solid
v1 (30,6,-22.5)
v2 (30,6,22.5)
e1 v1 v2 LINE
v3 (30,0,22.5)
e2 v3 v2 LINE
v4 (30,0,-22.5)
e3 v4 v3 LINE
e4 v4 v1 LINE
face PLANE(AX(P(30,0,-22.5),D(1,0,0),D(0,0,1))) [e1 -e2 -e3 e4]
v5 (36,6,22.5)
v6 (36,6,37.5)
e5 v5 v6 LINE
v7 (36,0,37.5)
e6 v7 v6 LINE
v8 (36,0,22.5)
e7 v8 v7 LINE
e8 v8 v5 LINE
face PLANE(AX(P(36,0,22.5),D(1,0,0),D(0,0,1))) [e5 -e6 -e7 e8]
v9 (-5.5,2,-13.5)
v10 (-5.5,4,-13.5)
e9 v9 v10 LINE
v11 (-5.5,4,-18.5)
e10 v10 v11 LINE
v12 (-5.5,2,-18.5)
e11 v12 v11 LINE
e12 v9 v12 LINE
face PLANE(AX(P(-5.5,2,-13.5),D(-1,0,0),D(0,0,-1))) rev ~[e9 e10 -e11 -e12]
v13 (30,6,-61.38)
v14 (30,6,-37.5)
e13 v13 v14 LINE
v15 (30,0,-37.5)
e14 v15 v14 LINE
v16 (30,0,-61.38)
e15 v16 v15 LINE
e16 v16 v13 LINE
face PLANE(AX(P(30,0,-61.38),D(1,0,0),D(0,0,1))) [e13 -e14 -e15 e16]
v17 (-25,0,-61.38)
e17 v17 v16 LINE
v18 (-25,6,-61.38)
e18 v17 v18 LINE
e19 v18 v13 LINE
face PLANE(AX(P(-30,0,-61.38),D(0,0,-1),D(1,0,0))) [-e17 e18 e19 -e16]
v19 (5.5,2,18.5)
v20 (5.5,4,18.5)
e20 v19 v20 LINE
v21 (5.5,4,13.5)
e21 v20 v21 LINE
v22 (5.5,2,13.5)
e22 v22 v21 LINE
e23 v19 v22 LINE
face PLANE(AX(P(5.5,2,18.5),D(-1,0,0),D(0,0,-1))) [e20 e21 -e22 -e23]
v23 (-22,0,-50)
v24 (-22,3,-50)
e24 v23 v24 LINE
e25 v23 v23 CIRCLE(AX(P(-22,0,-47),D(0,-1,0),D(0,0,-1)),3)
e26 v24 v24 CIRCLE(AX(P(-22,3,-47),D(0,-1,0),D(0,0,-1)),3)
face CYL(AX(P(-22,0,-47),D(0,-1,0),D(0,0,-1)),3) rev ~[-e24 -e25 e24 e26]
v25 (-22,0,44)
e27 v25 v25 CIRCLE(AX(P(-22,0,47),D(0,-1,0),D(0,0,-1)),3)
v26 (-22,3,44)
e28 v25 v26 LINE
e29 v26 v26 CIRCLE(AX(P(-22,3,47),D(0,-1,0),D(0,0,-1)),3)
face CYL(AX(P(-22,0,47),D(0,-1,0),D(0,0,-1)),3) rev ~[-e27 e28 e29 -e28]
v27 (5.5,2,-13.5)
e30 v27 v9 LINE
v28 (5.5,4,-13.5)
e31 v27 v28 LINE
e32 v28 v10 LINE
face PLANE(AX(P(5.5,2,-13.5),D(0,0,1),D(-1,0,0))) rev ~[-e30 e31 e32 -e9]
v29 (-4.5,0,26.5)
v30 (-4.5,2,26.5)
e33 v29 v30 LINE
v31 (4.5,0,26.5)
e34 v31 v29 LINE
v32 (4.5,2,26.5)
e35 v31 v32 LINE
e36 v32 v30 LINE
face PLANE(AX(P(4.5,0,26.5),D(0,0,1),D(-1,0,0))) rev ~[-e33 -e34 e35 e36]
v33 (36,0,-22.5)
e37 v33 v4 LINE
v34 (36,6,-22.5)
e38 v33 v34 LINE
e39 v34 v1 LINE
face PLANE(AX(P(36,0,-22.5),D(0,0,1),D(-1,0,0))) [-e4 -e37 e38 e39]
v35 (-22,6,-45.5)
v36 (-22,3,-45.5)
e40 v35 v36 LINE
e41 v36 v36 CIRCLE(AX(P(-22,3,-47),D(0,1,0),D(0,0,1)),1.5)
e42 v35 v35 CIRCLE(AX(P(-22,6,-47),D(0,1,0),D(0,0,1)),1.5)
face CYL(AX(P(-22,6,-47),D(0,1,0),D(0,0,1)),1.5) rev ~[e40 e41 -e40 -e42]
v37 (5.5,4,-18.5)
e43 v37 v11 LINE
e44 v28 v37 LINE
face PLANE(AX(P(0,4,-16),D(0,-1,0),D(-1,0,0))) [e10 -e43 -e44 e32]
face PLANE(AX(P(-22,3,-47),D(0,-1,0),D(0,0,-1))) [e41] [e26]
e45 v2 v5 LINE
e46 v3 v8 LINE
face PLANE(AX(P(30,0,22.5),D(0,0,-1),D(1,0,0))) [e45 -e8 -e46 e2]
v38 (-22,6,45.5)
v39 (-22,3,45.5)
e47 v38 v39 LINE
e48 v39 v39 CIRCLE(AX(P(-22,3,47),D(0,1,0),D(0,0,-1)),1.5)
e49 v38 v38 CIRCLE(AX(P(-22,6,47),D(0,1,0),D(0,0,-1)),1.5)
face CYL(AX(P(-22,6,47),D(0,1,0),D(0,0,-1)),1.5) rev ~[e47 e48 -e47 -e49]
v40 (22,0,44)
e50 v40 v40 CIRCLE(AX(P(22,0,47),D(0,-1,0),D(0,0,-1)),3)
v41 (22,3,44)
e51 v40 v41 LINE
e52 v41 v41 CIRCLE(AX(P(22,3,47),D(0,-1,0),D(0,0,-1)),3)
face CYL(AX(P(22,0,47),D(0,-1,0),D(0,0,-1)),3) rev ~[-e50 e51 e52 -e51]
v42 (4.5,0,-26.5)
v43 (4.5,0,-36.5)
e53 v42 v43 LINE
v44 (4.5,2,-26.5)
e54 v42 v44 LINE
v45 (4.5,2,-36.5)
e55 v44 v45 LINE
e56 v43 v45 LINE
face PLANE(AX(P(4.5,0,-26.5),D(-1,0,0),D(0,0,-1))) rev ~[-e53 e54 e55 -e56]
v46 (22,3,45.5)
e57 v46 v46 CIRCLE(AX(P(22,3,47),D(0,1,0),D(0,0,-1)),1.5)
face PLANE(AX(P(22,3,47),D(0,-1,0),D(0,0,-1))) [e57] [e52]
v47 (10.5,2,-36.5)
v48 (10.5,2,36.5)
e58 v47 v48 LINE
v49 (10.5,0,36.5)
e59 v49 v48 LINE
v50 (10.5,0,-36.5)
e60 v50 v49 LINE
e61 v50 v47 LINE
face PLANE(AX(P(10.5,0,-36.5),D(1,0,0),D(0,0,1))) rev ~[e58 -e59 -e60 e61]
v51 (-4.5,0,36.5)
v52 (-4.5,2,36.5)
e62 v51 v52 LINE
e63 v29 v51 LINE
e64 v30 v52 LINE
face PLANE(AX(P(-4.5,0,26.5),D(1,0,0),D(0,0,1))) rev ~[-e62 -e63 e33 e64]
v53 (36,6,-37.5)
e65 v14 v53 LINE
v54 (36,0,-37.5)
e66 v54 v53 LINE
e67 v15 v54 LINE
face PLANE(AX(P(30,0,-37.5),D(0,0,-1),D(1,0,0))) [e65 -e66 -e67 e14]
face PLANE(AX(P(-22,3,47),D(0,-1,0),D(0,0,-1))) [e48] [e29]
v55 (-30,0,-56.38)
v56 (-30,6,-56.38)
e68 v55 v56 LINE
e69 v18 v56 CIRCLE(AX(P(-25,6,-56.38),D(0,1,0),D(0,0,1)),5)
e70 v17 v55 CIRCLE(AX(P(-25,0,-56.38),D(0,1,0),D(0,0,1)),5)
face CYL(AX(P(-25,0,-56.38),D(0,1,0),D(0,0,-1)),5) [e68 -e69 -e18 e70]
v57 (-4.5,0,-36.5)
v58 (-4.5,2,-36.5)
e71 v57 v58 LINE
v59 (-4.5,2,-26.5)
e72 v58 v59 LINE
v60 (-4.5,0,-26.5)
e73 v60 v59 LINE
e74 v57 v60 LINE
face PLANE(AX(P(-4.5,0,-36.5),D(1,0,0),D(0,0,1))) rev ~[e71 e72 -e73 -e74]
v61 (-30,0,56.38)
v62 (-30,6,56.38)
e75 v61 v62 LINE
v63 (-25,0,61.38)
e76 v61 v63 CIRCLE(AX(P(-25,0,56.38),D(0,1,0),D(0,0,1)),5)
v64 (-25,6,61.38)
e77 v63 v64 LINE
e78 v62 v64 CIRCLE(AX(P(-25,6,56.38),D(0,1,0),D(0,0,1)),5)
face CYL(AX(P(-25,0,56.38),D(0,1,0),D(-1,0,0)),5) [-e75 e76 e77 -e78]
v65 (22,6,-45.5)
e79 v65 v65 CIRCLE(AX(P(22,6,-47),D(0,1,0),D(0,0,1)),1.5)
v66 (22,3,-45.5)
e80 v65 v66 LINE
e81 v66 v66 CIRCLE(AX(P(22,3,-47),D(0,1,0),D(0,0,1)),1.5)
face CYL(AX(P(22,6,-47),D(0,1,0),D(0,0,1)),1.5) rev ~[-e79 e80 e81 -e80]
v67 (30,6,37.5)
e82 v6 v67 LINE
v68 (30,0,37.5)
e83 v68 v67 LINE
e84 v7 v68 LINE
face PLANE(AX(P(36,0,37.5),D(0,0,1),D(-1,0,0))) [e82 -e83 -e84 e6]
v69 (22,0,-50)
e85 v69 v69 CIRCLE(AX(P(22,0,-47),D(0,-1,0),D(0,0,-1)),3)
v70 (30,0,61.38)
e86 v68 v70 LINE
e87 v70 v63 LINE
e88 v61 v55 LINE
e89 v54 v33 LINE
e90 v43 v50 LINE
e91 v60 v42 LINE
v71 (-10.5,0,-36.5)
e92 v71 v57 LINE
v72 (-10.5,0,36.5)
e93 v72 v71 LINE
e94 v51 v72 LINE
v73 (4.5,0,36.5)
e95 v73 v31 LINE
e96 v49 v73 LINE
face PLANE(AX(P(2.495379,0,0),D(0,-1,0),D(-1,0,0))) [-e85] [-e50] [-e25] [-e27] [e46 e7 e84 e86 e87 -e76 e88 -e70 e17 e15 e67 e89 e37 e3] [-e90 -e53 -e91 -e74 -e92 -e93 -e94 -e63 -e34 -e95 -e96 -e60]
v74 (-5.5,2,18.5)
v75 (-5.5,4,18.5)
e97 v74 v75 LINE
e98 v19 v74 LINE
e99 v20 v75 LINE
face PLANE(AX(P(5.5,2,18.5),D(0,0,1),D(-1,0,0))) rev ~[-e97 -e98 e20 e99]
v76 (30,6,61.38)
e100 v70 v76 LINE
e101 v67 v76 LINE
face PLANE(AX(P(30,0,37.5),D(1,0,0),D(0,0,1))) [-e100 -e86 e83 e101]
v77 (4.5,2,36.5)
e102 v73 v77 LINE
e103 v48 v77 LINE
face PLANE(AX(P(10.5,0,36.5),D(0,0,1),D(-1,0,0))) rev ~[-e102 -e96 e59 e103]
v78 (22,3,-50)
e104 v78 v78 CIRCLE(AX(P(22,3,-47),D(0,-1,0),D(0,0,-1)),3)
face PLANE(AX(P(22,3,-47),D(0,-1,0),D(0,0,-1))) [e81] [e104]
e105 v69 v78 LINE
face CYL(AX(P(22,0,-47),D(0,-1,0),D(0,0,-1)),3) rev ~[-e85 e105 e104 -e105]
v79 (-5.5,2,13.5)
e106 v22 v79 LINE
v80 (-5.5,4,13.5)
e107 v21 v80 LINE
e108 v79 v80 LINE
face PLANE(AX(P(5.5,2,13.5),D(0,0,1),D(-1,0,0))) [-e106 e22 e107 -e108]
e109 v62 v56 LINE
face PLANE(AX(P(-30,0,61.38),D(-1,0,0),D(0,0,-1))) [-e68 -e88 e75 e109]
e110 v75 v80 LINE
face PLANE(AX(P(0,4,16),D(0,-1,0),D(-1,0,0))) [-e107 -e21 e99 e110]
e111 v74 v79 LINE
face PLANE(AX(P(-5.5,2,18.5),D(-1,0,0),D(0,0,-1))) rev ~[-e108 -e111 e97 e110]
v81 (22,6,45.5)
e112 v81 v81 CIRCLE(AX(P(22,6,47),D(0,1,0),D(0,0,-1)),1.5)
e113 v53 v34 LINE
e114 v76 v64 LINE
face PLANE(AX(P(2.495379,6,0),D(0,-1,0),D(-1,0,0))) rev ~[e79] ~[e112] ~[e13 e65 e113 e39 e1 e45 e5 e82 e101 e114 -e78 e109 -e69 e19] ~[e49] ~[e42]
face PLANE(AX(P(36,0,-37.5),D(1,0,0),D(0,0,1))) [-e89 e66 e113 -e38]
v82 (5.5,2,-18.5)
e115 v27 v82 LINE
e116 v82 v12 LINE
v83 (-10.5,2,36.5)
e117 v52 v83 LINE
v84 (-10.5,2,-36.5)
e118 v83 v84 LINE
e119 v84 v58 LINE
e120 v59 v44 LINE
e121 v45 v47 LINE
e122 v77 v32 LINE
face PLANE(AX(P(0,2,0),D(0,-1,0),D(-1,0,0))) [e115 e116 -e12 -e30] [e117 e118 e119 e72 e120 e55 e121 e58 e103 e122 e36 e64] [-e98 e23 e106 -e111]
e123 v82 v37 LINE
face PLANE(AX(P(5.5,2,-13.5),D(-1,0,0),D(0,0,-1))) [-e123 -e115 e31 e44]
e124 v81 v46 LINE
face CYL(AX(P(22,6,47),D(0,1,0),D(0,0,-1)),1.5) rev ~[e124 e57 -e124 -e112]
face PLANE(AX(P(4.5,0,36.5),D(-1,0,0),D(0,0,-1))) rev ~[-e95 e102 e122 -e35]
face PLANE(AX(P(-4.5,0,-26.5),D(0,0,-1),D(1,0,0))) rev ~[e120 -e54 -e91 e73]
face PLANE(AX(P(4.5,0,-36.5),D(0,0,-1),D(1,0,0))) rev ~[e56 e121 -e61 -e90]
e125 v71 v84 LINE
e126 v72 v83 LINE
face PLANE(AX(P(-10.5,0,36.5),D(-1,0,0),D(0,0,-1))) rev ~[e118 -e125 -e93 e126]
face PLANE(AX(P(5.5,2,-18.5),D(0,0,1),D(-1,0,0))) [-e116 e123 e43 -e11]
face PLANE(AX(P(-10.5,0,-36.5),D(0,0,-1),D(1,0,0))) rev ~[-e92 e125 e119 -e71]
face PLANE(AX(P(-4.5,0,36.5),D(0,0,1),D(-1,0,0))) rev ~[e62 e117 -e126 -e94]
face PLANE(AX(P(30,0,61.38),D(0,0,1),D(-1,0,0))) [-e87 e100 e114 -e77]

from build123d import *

# Parameters (mm, degrees)
BOSS_EXTRU_1_DEPTH      = 6
ESQUISSE3_R             = 1.5
ENL_V_MAT_EXTRU_1_DEPTH = 6
CONG_1_R                = 5
ESQUISSE6_R             = 3
ENL_V_MAT_EXTRU_2_DEPTH = 3
ENL_V_MAT_EXTRU_3_DEPTH = 2
ESQUISSE8_W             = 11
ESQUISSE8_H             = 5
ENL_V_MAT_EXTRU_4_DEPTH = 2


with BuildPart() as part:
    # Esquisse1 → Boss.-Extru.1 (new body)
    with BuildSketch(Plane(origin=(0, 0, 0), x_dir=(1, 0, 0), z_dir=(0, 1, 0))):
        Polygon((-30, 61.38), (30, 61.38), (30, 37.5), (36, 37.5), (36, 22.5), (30, 22.5), (30, -22.5), (36, -22.5), (36, -37.5), (30, -37.5), (30, -61.38), (-30, -61.38), align=None)
    extrude(amount=BOSS_EXTRU_1_DEPTH)

    # Esquisse3 → Enlèv. mat.-Extru.1 (cut)
    with BuildSketch(Plane(origin=(0, 6, 0), x_dir=(1, 0, 0), z_dir=(0, 1, 0))):
        with Locations(Location((22, 47, 0), (0, 0, 270))):
            Circle(ESQUISSE3_R)
        with Locations(Location((-22, 47, 0), (0, 0, 270))):
            Circle(ESQUISSE3_R)
        with Locations(Location((-22, -47, 0), (0, 0, 90))):
            Circle(ESQUISSE3_R)
        with Locations(Location((22, -47, 0), (0, 0, 90))):
            Circle(ESQUISSE3_R)
    extrude(amount=-ENL_V_MAT_EXTRU_1_DEPTH, mode=Mode.SUBTRACT)

    # Congé1
    cong_1_edges = [part.edges().sort_by_distance(p)[0] for p in [
        (-30, 3, -61.38),
        (-30, 3, 61.38),
    ]]
    fillet(cong_1_edges, radius=CONG_1_R)

    # Esquisse6 → Enlèv. mat.-Extru.2 (cut)
    with BuildSketch(Plane.XZ):
        with Locations(Location((22, 47, 0), (0, 0, 270))):
            Circle(ESQUISSE6_R)
        with Locations(Location((-22, 47, 0), (0, 0, 270))):
            Circle(ESQUISSE6_R)
        with Locations(Location((22, -47, 0), (0, 0, 270))):
            Circle(ESQUISSE6_R)
        with Locations(Location((-22, -47, 0), (0, 0, 270))):
            Circle(ESQUISSE6_R)
    extrude(amount=-ENL_V_MAT_EXTRU_2_DEPTH, mode=Mode.SUBTRACT)

    # Esquisse7 → Enlèv. mat.-Extru.3 (cut)
    with BuildSketch(Plane(origin=(0, 0, 0), x_dir=(-1, 0, 0), z_dir=(0, -1, 0))):
        Polygon((10.5, -36.5), (10.5, 36.5), (4.5, 36.5), (4.5, 26.5), (-4.5, 26.5), (-4.5, 36.5), (-10.5, 36.5), (-10.5, -36.5), (-4.5, -36.5), (-4.5, -26.5), (4.5, -26.5), (4.5, -36.5), align=None)
    extrude(amount=-ENL_V_MAT_EXTRU_3_DEPTH, mode=Mode.SUBTRACT)

    # Esquisse8 → Enlèv. mat.-Extru.4 (cut)
    with BuildSketch(Plane(origin=(0, 2, 0), x_dir=(-1, 0, 0), z_dir=(0, -1, 0))):
        with Locations((0, -16)):
            Rectangle(ESQUISSE8_W, ESQUISSE8_H)
        with Locations((0, 16)):
            Rectangle(ESQUISSE8_W, ESQUISSE8_H)
    extrude(amount=-ENL_V_MAT_EXTRU_4_DEPTH, mode=Mode.SUBTRACT)


solid = part.part
